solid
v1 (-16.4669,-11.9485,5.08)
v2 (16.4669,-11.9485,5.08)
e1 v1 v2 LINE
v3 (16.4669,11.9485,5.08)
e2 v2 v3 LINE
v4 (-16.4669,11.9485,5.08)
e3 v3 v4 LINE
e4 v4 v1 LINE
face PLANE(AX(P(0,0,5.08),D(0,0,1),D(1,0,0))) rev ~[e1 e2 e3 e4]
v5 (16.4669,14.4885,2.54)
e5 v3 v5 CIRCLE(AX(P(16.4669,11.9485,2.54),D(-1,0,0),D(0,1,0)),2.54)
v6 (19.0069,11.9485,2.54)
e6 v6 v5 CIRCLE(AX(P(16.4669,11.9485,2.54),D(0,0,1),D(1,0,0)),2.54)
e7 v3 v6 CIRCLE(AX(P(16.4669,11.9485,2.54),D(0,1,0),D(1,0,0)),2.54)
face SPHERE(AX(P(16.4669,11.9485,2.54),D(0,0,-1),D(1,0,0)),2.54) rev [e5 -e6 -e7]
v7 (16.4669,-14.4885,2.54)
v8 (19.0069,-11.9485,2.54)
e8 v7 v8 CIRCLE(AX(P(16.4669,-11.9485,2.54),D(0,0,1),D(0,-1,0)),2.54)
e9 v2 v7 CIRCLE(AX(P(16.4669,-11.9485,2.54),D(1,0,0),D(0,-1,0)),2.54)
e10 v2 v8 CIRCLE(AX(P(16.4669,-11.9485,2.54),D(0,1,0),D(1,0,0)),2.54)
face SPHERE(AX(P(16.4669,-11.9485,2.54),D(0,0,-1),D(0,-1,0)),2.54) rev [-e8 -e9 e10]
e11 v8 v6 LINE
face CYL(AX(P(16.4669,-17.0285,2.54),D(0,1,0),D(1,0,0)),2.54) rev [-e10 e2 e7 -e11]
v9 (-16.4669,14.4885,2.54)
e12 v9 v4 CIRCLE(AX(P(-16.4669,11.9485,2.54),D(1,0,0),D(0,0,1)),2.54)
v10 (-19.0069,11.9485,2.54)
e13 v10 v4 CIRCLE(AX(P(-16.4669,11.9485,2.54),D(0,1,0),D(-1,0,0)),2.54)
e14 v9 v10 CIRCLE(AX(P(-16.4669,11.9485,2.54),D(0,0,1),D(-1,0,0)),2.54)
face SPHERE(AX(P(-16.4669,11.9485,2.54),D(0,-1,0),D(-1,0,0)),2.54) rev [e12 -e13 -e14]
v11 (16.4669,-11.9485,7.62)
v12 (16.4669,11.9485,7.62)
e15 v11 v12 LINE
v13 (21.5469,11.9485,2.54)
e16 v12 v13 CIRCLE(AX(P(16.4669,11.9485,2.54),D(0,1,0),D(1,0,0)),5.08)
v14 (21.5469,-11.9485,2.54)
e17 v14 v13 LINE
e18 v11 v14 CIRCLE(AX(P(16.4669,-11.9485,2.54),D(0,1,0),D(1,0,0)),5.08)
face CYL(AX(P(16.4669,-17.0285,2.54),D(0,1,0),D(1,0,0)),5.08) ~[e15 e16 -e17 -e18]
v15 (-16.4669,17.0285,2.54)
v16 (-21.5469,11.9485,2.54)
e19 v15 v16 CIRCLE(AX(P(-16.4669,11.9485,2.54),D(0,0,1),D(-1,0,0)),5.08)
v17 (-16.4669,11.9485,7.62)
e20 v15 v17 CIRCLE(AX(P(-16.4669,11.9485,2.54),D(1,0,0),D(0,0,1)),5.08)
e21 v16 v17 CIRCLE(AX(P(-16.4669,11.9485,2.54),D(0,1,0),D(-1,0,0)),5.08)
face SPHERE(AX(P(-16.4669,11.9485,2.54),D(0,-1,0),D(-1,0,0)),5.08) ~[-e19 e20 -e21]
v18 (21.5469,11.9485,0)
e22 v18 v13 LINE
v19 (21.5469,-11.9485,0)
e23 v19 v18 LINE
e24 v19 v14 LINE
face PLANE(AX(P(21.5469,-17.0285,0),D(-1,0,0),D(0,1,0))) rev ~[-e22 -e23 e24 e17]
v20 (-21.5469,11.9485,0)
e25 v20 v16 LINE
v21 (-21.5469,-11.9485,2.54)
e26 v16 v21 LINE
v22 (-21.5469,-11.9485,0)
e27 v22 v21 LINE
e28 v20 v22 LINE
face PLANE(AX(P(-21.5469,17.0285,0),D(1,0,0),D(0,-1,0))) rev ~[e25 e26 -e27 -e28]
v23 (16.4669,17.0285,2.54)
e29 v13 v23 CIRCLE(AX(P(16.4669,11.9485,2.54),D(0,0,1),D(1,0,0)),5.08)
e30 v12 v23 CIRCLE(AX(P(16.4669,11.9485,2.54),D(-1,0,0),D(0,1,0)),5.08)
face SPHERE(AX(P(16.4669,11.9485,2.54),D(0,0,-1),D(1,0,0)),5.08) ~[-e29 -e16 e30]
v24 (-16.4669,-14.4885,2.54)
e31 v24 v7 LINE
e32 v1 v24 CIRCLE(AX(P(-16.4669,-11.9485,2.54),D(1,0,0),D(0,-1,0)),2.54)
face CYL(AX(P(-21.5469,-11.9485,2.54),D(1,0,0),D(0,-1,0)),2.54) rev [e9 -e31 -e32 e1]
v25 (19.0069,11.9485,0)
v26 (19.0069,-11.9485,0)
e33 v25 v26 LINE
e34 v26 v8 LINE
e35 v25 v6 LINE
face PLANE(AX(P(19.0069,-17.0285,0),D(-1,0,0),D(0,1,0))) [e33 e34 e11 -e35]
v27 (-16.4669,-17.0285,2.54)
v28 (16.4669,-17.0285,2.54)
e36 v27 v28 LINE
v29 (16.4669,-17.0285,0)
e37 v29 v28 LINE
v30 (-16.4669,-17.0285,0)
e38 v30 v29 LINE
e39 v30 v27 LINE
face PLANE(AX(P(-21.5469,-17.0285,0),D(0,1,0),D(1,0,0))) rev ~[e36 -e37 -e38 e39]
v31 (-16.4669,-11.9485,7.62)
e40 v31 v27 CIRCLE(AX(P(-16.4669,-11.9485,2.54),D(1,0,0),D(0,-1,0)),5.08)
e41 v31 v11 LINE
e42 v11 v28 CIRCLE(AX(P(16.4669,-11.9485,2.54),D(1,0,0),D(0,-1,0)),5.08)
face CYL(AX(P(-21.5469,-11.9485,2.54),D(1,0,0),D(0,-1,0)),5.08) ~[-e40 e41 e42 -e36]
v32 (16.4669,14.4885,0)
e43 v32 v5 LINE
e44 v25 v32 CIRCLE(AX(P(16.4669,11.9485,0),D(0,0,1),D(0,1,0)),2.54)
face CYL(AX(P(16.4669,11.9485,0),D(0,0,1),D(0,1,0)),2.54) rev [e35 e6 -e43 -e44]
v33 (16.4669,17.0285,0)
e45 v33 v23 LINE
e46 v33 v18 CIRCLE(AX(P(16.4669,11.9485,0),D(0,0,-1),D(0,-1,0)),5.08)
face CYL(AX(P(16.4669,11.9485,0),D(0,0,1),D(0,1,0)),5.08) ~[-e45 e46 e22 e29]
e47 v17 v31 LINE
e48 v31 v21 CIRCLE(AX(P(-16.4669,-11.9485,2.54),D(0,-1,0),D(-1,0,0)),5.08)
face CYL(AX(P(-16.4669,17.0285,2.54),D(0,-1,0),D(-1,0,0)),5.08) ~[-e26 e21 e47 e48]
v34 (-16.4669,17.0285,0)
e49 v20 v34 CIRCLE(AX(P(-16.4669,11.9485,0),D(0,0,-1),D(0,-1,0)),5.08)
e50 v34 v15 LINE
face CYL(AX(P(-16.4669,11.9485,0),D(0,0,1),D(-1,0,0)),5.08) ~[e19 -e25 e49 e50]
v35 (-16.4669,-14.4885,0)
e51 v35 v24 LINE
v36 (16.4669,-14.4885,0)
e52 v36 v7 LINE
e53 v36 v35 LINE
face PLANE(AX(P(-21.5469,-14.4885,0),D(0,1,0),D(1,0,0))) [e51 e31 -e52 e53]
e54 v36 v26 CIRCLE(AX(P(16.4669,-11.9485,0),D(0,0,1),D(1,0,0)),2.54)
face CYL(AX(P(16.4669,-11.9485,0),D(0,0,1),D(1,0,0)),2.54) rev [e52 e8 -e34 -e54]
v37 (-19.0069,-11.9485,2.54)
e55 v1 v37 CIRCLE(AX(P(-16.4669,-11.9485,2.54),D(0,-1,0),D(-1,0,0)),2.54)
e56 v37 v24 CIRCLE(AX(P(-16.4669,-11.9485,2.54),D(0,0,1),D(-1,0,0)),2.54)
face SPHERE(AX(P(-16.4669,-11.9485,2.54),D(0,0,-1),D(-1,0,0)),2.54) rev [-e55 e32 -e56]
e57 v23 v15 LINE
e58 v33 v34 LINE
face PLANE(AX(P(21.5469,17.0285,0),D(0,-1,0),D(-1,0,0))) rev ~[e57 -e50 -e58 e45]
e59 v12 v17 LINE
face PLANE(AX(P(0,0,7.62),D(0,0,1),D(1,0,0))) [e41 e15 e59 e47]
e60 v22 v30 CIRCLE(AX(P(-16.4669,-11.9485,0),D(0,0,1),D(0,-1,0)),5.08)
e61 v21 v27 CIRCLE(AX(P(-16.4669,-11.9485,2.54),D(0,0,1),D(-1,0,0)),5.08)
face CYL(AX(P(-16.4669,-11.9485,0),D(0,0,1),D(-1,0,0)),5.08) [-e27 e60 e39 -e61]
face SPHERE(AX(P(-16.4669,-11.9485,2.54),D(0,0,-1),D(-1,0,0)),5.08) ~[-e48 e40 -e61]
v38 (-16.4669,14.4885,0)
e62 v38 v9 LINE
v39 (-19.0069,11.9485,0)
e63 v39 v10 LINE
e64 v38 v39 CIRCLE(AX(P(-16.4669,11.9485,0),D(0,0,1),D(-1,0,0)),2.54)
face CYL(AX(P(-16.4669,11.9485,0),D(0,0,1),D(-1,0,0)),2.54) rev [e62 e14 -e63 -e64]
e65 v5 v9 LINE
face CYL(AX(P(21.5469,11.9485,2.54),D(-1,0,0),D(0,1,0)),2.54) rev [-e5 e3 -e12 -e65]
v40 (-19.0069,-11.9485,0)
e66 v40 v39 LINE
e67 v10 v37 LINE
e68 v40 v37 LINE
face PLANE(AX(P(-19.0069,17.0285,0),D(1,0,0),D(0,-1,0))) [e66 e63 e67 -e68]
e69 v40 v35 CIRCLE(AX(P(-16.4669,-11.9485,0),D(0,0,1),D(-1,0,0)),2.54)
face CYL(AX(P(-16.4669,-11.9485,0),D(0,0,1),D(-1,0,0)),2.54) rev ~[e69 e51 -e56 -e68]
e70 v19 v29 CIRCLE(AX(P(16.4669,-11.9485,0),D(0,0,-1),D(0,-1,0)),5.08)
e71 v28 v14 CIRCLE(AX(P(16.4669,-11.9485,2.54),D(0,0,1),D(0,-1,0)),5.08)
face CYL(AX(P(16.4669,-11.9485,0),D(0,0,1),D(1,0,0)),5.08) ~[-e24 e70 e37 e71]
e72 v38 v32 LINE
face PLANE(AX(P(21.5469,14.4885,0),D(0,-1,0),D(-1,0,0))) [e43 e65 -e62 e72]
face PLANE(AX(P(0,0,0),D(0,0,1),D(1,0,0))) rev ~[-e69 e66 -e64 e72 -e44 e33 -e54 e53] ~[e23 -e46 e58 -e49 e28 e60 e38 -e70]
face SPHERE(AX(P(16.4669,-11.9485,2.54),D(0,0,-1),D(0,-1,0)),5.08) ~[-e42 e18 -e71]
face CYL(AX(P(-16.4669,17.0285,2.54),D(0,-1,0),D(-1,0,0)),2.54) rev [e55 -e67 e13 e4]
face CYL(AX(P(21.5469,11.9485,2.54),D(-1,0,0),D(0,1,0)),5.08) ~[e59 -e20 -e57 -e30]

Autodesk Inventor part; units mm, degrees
ref_plane "YZ Plane" through (0, 0, 0) normal (1, 0, 0) x (0, 1, 0)
ref_plane "XZ Plane" through (0, 0, 0) normal (0, 1, 0) x (-1, 0, 0)
ref_plane "XY Plane" through (0, 0, 0) normal (0, 0, 1) x (1, 0, 0)
sketch "Sketch1" plane through (0, 0, 0) normal (0, 0, 1) x (1, 0, 0)
  line L0 (-21.5469, -17.0285) -> (21.5469, -17.0285)
  line L1 (21.5469, -17.0285) -> (21.5469, 17.0285)
  line L2 (21.5469, 17.0285) -> (-21.5469, 17.0285)
  line L3 (-21.5469, 17.0285) -> (-21.5469, -17.0285)
extrude "Extrusion1" add sketch "Sketch1" along normal blind 7.62
fillet "Fillet1" radius 5.08 8 edges at (-21.5469, -17.0285, 3.81) (-21.5469, 0, 7.62) (-21.5469, 17.0285, 3.81) (21.5469, 17.0285, 3.81) (21.5469, -17.0285, 3.81) (0, -17.0285, 7.62) (21.5469, 0, 7.62) (0, 17.0285, 7.62)
shell "Shell1" thickness 2.54 removed faces 1 at (5.489, -5.6762, 0)
properties part number "Adaptive Lid"
